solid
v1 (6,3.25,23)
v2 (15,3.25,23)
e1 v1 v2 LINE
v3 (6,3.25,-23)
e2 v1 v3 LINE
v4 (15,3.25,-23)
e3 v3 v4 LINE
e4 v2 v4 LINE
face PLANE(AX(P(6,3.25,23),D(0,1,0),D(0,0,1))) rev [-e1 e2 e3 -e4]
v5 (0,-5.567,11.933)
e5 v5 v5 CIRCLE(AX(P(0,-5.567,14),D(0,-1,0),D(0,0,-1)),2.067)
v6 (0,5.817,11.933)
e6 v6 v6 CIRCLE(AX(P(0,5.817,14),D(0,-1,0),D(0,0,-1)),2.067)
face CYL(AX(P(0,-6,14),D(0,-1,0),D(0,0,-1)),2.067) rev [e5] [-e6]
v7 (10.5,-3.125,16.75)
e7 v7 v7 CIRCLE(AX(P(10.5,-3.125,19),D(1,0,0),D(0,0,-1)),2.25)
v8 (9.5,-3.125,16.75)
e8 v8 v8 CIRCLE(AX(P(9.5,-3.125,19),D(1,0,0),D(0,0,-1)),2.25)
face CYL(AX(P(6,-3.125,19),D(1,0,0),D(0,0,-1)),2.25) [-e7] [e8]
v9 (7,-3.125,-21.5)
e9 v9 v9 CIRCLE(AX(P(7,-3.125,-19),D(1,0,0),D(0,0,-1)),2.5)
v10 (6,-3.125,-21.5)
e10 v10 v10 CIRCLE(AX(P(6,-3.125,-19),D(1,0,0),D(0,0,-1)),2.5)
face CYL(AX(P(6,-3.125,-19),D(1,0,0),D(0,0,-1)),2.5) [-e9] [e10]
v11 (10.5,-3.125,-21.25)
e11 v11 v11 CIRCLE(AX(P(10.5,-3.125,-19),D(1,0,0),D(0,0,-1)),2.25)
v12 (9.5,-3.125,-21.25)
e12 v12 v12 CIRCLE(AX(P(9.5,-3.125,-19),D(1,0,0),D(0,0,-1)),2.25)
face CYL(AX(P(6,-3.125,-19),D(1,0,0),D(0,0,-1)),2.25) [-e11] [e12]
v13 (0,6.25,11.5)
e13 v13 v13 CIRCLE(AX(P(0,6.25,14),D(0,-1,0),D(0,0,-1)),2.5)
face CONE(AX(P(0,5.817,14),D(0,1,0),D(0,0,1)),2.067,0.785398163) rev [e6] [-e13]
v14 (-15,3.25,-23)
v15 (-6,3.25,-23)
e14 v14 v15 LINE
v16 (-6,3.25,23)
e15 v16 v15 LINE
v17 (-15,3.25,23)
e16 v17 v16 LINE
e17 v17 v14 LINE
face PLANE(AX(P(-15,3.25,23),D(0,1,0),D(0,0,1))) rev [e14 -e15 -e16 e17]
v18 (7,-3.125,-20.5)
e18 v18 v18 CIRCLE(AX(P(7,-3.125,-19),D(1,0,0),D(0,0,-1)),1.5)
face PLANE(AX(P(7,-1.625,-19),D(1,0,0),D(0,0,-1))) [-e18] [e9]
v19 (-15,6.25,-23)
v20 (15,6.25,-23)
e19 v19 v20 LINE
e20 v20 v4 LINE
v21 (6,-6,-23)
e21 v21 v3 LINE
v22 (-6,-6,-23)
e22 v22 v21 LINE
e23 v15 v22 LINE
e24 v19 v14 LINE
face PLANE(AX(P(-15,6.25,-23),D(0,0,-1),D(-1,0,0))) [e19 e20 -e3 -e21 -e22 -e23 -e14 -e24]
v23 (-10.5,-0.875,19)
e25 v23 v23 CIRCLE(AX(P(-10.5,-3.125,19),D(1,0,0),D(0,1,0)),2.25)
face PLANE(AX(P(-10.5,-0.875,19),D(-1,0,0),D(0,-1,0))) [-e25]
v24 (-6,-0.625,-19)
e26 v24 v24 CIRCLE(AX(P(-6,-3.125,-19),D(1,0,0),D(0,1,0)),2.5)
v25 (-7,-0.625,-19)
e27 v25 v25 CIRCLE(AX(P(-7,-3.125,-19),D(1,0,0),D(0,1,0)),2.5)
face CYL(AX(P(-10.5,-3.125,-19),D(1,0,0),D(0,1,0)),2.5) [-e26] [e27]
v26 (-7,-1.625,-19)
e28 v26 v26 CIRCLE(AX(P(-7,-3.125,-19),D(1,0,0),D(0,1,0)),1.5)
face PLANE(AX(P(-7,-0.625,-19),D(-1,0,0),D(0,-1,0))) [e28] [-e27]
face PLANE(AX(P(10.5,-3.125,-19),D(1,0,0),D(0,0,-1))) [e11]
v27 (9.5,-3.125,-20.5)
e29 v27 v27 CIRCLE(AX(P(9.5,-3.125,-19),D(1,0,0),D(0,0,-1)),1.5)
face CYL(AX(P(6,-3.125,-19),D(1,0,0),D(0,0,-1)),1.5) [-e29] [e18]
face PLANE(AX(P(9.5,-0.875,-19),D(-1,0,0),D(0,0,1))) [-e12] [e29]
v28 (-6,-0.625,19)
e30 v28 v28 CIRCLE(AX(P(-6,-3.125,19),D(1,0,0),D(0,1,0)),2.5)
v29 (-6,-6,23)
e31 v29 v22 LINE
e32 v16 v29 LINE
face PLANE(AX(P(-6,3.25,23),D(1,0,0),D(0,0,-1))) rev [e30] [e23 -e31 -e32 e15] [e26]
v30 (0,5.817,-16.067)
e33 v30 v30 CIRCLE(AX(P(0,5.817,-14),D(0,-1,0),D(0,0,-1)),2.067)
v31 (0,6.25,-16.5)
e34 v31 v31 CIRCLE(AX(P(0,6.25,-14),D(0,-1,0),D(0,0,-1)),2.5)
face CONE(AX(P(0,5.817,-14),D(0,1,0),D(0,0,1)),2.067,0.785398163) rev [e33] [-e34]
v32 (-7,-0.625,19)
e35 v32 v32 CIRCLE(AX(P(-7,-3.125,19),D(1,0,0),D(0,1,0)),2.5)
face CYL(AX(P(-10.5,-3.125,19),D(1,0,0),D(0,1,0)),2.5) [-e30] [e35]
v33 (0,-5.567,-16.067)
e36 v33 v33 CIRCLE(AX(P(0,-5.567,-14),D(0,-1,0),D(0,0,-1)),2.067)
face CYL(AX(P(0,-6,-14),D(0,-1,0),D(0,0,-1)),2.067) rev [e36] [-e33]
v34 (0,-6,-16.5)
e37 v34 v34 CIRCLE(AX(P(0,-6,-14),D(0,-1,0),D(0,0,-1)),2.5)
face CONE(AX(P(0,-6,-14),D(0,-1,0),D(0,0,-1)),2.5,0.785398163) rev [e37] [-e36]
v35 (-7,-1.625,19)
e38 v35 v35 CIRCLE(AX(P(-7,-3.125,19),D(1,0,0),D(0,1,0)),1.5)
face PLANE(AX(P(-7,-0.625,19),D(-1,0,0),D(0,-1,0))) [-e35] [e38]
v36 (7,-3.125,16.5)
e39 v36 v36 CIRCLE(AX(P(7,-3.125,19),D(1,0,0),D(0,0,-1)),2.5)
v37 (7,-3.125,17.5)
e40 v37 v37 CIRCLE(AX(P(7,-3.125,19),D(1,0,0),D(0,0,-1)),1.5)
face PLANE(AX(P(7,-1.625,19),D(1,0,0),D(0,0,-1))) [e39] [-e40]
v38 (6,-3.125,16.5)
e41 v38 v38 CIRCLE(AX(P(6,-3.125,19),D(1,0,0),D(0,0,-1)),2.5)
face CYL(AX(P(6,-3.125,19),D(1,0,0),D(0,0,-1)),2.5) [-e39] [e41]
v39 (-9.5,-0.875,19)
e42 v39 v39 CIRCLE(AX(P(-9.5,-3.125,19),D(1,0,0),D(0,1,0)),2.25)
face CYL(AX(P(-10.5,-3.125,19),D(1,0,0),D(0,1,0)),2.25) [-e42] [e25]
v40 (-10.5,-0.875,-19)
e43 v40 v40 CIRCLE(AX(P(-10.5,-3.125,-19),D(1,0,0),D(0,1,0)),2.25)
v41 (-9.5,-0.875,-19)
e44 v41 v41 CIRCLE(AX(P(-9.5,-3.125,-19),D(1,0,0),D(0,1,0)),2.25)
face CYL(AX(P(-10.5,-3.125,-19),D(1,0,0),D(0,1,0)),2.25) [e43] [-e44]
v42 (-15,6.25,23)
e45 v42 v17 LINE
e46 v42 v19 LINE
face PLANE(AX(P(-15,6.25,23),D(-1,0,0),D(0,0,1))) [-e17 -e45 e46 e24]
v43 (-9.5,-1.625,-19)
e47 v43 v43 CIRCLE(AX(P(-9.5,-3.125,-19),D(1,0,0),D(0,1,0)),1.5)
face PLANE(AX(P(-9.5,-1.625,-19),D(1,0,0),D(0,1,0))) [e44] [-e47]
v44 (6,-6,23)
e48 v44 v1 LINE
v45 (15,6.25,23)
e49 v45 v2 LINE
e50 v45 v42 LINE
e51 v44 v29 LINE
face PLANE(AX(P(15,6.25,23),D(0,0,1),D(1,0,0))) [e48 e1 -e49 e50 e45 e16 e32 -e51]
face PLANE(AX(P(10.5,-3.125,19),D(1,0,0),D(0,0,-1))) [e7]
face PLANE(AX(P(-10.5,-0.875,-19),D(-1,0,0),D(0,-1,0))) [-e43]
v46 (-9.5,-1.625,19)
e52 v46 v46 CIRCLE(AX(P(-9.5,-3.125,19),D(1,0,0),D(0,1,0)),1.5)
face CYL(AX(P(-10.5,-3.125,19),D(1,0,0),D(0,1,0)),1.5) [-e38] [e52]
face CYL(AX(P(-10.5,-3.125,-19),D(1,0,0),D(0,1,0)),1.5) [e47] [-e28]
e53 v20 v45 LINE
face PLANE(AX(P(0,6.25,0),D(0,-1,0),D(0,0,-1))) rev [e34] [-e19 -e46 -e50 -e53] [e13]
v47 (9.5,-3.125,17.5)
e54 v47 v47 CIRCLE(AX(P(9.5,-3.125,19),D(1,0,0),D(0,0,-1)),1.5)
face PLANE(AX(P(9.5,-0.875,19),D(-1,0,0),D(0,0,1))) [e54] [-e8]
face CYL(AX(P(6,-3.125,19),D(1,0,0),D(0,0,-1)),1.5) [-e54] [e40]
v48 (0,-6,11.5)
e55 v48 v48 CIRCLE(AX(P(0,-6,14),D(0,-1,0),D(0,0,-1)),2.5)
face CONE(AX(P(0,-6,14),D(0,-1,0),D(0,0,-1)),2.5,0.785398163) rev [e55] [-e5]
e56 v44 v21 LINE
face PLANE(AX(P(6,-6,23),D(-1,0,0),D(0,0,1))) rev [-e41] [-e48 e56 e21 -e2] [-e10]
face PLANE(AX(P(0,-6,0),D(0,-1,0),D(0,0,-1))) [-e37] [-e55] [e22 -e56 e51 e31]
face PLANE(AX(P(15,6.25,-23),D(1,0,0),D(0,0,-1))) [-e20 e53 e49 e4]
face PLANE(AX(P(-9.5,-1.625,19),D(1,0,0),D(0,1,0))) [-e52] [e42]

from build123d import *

# Parameters (mm, degrees)
SKETCH_1_W                    = 30
SKETCH_1_H                    = 46
EXTRUDE_1_DEPTH               = 12.25
SKETCH_2_W                    = 9
SKETCH_2_H                    = 9.25
CUT_EXTRUDE_1_DEPTH           = 47
SKETCH_3_W                    = 9
SKETCH_3_H                    = 9.25
CUT_EXTRUDE_2_DEPTH           = 47
HOLE_WIZARD_M3_5_1_AT_2_COUNT = 2
HOLE_WIZARD_M3_5_1_AT_2_PITCH = 28


with BuildPart() as part:
    # 草图1 → 凸台-拉伸1 (new body)
    with BuildSketch(Plane.XZ.offset(6)):
        Rectangle(SKETCH_1_W, SKETCH_1_H)
    extrude(amount=-EXTRUDE_1_DEPTH)

    # 草图2 → 切除-拉伸1 (cut, through all)
    with BuildSketch(Plane(origin=(0, 0, -23), x_dir=(-1, 0, 0), z_dir=(0, 0, -1))):
        with Locations((10.5, -1.375)):
            Rectangle(SKETCH_2_W, SKETCH_2_H)
    extrude(amount=-CUT_EXTRUDE_1_DEPTH, mode=Mode.SUBTRACT)

    # 草图3 → 切除-拉伸2 (cut, through all)
    with BuildSketch(Plane(origin=(0, 0, -23), x_dir=(-1, 0, 0), z_dir=(0, 0, -1))):
        with Locations((-10.5, -1.375)):
            Rectangle(SKETCH_3_W, SKETCH_3_H)
    extrude(amount=-CUT_EXTRUDE_2_DEPTH, mode=Mode.SUBTRACT)

    # 草图4 → 旋转1 (revolve)
    with BuildSketch(Plane.XY.offset(19)):
        Polygon((6, -0.625), (6, -3.125), (10.5, -3.125), (10.5, -0.875), (9.5, -0.875), (9.5, -1.625), (7, -1.625), (7, -0.625), align=None)
    revolve(axis=Axis((6, -3.125, 19), (1, 0, 0)))

    # 草图5 → 旋转2 (revolve)
    with BuildSketch(Plane.XY.offset(19)):
        Polygon((-10.5, -0.875), (-10.5, -3.125), (-6, -3.125), (-6, -0.625), (-7, -0.625), (-7, -1.625), (-9.5, -1.625), (-9.5, -0.875), align=None)
    revolve(axis=Axis((-10.5, -3.125, 19), (1, 0, 0)))

    # 草图6 → 旋转3 (revolve)
    with BuildSketch(Plane.XY.offset(-19)):
        Polygon((6, -0.625), (6, -3.125), (10.5, -3.125), (10.5, -0.875), (9.5, -0.875), (9.5, -1.625), (7, -1.625), (7, -0.625), align=None)
    revolve(axis=Axis((6, -3.125, -19), (1, 0, 0)))

    # 草图7 → 旋转4 (revolve)
    with BuildSketch(Plane.XY.offset(-19)):
        Polygon((-10.5, -0.875), (-10.5, -3.125), (-6, -3.125), (-6, -0.625), (-7, -0.625), (-7, -1.625), (-9.5, -1.625), (-9.5, -0.875), align=None)
    revolve(axis=Axis((-10.5, -3.125, -19), (1, 0, 0)))

    # 草图8 → M3.5 平头机械螺钉的锥形沉头孔1 (revolve, cut)
    with BuildSketch(Plane(origin=(0, -6, -14), x_dir=(0, 0, -1), z_dir=(1, 0, 0))):
        Polygon((0, 0), (0, 12.25), (2.5, 12.25), (2.067, 11.817), (2.067, 0.433), (2.5, 0), align=None)
    hole_wizard_m3_5_1 = revolve(axis=Axis((0, -12.35, -14), (0, 1, 0)), mode=Mode.SUBTRACT)

    # M3.5 平头机械螺钉的锥形沉头孔1 at 2: M3.5 平头机械螺钉的锥形沉头孔1 ×2
    with Locations(*[(0, 0, i * HOLE_WIZARD_M3_5_1_AT_2_PITCH) for i in range(1, HOLE_WIZARD_M3_5_1_AT_2_COUNT)]):
        add(hole_wizard_m3_5_1, mode=Mode.SUBTRACT)


solid = part.part
